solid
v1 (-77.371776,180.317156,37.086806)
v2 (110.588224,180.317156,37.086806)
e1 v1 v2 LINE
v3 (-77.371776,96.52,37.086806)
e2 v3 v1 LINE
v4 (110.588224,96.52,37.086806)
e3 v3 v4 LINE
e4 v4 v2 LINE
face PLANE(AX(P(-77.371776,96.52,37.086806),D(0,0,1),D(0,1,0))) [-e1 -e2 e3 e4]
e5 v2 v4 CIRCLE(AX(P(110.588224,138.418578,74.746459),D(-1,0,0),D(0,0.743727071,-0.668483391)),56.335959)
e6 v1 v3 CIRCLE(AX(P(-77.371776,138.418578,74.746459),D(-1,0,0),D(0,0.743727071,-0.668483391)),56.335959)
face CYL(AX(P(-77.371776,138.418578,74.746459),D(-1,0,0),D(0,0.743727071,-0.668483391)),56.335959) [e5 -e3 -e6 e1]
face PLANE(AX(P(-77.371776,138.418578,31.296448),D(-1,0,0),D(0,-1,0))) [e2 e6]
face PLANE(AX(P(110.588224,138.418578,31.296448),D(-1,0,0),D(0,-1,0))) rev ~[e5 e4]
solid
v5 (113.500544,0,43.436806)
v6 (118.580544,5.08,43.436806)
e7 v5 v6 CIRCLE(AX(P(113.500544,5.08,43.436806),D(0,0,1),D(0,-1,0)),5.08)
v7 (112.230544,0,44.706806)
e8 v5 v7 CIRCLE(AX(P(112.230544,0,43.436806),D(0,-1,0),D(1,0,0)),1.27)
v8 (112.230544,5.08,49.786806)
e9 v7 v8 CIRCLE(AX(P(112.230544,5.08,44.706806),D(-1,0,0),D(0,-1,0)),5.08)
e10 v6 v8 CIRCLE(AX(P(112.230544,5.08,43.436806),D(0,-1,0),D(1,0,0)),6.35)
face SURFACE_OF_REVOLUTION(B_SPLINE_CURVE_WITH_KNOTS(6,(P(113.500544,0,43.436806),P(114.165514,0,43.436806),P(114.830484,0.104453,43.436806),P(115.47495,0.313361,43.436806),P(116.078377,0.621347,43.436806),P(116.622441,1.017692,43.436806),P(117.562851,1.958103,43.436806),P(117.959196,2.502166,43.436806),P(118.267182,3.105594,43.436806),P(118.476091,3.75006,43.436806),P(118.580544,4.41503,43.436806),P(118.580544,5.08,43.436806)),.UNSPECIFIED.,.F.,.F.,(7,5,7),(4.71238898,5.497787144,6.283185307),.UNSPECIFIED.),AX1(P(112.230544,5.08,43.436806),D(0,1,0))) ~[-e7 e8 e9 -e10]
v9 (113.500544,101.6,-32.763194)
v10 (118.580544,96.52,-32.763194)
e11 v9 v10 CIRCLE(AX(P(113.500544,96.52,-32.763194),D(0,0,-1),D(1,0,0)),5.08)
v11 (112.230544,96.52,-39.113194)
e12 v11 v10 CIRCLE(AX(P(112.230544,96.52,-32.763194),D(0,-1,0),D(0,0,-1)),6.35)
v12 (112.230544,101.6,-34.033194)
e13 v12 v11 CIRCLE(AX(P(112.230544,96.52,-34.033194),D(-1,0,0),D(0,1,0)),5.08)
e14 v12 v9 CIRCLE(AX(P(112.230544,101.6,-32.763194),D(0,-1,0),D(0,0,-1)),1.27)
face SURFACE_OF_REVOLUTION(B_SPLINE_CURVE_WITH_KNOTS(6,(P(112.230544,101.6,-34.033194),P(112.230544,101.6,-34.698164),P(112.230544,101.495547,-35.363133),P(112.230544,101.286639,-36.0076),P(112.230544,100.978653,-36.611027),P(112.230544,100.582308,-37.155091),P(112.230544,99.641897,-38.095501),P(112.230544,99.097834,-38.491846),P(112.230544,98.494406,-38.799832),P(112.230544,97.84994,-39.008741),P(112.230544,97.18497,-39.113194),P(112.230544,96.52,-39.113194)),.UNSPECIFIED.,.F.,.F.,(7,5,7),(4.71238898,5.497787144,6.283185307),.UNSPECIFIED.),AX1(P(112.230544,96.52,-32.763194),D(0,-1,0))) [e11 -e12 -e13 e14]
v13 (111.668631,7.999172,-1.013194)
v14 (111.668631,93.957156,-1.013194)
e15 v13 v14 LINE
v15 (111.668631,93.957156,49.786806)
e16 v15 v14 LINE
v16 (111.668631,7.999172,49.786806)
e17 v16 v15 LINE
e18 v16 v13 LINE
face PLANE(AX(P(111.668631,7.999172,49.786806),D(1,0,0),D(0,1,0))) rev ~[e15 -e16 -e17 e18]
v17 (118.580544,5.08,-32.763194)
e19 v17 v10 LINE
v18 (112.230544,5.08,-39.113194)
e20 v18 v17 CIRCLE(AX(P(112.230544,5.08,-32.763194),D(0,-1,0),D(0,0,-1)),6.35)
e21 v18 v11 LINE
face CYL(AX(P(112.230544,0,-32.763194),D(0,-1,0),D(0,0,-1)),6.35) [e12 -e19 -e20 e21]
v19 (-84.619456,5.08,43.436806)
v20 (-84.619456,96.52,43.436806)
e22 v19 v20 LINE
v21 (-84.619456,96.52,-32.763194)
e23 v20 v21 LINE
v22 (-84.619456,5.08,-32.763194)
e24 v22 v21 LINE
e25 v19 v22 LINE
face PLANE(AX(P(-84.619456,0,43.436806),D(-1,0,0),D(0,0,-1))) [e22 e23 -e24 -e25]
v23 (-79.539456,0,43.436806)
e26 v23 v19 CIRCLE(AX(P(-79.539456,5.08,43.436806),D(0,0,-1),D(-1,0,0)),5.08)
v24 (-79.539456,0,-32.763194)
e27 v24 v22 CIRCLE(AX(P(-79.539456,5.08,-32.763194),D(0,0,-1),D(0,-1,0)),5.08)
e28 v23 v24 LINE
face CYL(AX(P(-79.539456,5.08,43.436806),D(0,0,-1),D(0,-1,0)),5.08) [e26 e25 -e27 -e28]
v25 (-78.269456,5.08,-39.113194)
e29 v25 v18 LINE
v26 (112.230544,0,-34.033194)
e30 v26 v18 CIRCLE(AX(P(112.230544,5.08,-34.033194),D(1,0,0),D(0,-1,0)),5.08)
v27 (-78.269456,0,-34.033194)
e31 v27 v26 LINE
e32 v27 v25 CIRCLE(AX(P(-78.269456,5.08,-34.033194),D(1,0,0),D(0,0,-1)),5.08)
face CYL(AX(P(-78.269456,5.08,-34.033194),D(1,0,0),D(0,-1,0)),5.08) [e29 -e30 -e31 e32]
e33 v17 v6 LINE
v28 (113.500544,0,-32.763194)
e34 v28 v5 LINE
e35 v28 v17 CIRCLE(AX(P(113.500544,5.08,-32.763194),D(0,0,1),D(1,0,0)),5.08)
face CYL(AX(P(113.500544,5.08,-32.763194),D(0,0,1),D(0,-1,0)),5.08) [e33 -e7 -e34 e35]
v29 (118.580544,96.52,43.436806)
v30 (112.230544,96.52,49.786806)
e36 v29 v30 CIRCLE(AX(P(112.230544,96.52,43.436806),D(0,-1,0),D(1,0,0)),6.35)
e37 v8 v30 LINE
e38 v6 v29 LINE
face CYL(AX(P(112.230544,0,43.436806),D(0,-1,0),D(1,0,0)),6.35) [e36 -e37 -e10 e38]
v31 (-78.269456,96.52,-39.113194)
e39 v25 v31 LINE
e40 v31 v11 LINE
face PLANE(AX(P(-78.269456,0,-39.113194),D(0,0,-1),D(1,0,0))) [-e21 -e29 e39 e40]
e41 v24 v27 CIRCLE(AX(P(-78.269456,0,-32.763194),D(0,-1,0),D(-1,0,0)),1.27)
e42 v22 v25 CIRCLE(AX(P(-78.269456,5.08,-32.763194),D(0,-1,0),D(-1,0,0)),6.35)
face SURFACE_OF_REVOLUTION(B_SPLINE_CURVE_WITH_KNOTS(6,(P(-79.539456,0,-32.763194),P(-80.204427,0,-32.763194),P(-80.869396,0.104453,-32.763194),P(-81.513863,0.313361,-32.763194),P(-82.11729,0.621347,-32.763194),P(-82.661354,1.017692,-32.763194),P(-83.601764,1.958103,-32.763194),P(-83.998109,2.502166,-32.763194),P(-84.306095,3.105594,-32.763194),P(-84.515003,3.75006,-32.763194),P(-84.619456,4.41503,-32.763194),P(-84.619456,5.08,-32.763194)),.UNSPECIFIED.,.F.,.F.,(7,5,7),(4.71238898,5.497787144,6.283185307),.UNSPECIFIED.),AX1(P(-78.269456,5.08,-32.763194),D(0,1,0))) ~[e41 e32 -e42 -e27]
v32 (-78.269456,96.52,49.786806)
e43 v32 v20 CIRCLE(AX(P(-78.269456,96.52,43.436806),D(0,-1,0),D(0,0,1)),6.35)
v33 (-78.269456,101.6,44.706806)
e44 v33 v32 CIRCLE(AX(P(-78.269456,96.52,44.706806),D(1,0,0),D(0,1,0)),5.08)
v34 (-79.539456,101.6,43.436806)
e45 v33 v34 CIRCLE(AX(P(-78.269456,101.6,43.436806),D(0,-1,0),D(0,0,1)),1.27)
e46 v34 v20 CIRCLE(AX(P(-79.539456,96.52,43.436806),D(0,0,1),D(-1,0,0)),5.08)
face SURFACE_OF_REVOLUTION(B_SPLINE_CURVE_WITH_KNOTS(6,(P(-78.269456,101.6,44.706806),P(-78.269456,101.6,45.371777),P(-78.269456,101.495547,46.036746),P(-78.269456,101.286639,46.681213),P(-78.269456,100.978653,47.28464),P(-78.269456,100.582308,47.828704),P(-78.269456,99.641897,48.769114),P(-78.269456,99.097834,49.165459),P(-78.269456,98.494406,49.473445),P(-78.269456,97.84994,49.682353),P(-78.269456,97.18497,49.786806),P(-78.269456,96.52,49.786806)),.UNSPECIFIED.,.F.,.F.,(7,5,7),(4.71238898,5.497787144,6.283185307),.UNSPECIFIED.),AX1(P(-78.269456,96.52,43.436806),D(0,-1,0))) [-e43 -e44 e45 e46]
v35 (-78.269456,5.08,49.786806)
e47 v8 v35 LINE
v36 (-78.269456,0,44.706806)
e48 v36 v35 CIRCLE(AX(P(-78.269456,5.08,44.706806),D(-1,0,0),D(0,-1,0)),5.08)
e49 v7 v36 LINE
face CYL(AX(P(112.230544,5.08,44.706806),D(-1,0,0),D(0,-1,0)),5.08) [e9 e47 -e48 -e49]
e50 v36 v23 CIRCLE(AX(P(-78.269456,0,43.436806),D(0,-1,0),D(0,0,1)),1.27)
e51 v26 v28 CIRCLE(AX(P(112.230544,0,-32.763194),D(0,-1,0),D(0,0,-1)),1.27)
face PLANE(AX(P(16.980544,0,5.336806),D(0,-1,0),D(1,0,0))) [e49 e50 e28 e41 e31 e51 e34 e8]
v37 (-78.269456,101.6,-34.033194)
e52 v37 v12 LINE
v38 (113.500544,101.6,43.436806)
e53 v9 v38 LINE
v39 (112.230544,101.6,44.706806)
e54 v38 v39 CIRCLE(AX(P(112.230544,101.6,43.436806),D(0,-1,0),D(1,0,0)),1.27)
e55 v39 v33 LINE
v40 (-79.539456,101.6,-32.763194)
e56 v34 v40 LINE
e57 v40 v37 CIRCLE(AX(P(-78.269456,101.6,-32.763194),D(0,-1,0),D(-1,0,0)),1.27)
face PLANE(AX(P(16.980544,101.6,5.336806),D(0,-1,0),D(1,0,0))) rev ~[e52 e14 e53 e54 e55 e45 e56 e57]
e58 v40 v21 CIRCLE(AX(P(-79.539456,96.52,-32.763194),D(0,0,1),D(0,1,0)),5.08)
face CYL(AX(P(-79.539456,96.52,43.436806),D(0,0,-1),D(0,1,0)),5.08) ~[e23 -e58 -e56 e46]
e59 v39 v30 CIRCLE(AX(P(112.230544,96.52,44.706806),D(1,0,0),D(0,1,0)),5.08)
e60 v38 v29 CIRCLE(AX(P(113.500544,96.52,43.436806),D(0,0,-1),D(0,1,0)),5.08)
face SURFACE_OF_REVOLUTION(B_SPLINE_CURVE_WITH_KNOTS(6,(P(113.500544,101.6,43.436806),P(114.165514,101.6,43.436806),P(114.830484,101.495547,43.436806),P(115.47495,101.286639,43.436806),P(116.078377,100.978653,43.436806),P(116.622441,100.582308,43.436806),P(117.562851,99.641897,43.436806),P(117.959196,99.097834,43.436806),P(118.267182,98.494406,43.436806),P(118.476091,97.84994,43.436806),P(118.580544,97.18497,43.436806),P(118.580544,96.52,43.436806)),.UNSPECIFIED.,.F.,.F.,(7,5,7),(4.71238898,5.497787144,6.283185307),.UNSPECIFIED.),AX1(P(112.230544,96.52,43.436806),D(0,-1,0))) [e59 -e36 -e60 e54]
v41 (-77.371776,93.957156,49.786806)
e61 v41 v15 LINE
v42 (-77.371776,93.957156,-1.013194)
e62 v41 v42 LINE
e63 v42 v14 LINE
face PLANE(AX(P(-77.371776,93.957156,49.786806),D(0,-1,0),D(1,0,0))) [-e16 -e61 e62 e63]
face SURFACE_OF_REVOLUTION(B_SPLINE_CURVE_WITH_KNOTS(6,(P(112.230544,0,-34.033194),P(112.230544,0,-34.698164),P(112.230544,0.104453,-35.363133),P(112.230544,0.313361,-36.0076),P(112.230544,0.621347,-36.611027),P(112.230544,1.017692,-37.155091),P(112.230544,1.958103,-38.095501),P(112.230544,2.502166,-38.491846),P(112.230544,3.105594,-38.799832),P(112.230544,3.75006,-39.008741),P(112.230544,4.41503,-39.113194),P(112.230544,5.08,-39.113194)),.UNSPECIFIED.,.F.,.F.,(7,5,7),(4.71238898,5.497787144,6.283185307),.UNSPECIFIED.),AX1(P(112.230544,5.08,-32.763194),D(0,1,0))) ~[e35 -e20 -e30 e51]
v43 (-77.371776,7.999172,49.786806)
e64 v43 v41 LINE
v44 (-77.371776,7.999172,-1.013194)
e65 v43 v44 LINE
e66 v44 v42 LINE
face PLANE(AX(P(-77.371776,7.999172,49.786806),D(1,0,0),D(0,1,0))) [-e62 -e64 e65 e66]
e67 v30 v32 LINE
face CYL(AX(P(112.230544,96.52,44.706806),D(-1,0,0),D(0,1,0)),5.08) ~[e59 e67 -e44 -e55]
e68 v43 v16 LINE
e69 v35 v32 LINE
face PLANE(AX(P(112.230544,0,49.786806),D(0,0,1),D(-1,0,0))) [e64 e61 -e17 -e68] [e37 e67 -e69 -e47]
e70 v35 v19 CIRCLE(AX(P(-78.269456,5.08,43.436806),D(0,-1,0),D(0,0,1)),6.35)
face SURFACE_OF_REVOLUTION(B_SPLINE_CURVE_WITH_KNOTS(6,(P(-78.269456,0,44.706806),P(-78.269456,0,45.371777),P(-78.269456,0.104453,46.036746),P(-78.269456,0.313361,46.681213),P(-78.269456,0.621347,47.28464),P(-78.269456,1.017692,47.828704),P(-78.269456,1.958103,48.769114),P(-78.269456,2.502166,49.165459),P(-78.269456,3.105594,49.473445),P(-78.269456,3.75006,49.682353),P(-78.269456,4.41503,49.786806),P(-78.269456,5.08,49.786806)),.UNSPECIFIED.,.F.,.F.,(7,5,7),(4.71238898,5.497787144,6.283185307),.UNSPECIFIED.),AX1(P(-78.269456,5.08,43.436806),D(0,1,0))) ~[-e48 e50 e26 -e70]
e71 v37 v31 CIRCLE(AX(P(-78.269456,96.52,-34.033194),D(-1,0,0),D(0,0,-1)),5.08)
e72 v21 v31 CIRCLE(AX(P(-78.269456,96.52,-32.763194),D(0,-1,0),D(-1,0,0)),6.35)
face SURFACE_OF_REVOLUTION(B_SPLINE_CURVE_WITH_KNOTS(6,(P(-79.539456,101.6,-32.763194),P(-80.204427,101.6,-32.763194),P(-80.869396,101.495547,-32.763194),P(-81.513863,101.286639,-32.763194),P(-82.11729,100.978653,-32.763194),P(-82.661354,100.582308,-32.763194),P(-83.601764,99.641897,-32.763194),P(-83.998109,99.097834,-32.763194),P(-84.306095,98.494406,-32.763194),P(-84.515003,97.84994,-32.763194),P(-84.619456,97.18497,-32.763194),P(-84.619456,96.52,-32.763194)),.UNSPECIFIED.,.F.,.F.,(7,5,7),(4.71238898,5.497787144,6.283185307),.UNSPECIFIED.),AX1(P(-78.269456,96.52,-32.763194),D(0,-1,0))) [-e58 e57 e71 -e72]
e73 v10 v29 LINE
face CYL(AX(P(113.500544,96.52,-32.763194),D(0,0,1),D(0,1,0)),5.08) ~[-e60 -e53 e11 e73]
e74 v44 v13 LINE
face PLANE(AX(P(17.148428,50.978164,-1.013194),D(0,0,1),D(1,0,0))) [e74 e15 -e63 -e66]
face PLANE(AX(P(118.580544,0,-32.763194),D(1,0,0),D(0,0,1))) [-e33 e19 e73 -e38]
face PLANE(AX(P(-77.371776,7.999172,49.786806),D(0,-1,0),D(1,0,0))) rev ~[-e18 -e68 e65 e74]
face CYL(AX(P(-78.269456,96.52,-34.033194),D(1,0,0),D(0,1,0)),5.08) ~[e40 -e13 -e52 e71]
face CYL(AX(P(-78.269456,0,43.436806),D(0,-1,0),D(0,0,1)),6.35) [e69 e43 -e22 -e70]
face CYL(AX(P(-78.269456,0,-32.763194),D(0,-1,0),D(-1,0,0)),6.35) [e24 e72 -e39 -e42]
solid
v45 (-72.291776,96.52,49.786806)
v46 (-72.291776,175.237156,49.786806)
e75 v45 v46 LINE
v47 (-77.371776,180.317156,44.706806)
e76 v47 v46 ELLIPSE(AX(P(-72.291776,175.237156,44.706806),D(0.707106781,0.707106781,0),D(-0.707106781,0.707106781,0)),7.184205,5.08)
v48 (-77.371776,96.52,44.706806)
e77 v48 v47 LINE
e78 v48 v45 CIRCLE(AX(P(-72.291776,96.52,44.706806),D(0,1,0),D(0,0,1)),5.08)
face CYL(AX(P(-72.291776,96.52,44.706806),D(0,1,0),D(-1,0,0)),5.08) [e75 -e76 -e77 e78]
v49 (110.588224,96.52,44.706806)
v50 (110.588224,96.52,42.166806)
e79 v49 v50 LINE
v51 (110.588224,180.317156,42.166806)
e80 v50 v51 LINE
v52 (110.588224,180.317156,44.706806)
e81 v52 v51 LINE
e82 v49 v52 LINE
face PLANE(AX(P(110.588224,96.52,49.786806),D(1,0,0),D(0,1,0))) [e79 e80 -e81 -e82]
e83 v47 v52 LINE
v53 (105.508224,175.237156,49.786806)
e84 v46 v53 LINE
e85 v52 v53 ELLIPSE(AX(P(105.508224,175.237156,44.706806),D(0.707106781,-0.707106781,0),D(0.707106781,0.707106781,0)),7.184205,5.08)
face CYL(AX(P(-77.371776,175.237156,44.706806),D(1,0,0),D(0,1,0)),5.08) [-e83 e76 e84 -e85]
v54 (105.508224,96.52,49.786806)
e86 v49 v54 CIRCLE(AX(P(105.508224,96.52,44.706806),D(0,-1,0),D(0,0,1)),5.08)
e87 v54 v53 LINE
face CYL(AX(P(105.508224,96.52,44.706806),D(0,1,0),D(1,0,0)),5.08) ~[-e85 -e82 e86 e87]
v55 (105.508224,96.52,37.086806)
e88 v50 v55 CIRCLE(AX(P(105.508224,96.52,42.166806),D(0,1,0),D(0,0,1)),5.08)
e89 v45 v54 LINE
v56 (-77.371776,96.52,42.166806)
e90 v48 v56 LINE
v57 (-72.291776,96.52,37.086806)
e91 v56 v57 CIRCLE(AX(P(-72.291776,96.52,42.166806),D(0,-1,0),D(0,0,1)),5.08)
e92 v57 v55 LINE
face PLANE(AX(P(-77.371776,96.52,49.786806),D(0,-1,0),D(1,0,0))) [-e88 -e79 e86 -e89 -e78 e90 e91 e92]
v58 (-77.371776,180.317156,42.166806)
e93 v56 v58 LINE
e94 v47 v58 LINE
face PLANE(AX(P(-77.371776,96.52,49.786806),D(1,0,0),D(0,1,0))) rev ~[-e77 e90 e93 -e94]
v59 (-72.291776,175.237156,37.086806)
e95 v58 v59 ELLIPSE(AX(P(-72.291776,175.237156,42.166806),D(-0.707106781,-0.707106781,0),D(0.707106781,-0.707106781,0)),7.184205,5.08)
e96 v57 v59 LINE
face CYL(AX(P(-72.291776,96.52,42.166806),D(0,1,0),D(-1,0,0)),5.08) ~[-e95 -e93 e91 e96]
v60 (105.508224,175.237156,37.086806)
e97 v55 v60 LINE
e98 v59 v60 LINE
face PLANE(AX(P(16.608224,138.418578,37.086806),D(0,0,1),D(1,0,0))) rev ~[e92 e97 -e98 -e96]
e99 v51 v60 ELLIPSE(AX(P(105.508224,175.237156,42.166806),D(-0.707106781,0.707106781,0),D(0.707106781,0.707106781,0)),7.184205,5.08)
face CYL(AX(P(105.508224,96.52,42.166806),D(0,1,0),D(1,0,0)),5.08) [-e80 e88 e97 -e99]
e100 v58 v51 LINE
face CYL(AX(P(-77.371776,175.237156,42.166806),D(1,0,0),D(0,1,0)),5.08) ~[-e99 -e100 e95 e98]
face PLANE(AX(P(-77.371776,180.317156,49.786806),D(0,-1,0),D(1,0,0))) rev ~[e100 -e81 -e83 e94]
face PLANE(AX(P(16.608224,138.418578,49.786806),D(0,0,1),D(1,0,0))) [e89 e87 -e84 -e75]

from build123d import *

# Parameters (mm, degrees)
F1_DEPTH = 101.6
F2_W     = 189.0404075384
F2_H     = 85.95798444
F3_DEPTH = 50.8
F4_R     = 5.08
F5_W     = 187.96
F5_H     = 83.7971559429
F6_DEPTH = 12.7
F8_DEPTH = 187.96
F9_R     = 5.08


with BuildPart() as f1:
    # F0 (on Front) → F1 (new body)
    with BuildSketch(Plane.XZ):
        with BuildLine():
            ThreePointArc((-84.6194562674, -32.7631937014), (-82.7595843279, -37.2533217619), (-78.2694562674, -39.1131937014))
            Line((-78.2694562674, -39.1131937014), (112.2305437326, -39.1131937014))
            ThreePointArc((112.2305437326, -39.1131937014), (116.7206717932, -37.2533217619), (118.5805437326, -32.7631937014))
            Line((118.5805437326, -32.7631937014), (118.5805437326, 43.4368062986))
            ThreePointArc((118.5805437326, 43.4368062986), (116.7206717932, 47.9269343592), (112.2305437326, 49.7868062986))
            Line((112.2305437326, 49.7868062986), (-78.2694562674, 49.7868062986))
            ThreePointArc((-78.2694562674, 49.7868062986), (-82.7595843279, 47.9269343592), (-84.6194562674, 43.4368062986))
            Line((-84.6194562674, 43.4368062986), (-84.6194562674, -32.7631937014))
        make_face()
    extrude(amount=-F1_DEPTH)

    # F2 (on face) → F3 (cut)
    with BuildSketch(Plane.XY.offset(49.7868062986)):
        with Locations((17.1484276652, 50.9781637229)):
            Rectangle(F2_W, F2_H)
    extrude(amount=-F3_DEPTH, mode=Mode.SUBTRACT)

    # F4
    f4_edges = [f1.edges().sort_by_distance(p)[0] for p in [
        (16.980544, 101.6, 49.786806),
        (16.980544, 0, 49.786806),
    ]]
    fillet(f4_edges, radius=F4_R)


with BuildPart() as f6:
    # F5 (on face) → F6 (new body)
    with BuildSketch(Plane.XY.offset(49.7868062986)):
        with Locations((16.608223896, 138.4185779715)):
            Rectangle(F5_W, F5_H)
    extrude(amount=-F6_DEPTH)

    # F9
    f9_edges = [f6.edges().sort_by_distance(p)[0] for p in [
        (-77.371776, 138.418578, 49.786806),
        (16.608224, 180.317156, 49.786806),
        (110.588224, 138.418578, 49.786806),
        (16.608224, 180.317156, 37.086806),
        (110.588224, 138.418578, 37.086806),
        (-77.371776, 138.418578, 37.086806),
    ]]
    fillet(f9_edges, radius=F9_R)


with BuildPart() as f8:
    # F7 (on face) → F8 (new body)
    with BuildSketch(Plane(origin=(-77.371776104, 0, 0), x_dir=(0, -1, 0), z_dir=(-1, 0, 0))):
        with BuildLine():
            Line((-96.52, 37.0868062986), (-180.3171559429, 37.0868062986))
            ThreePointArc((-180.3171559429, 37.0868062986), (-138.4185779715, 18.4105001305), (-96.52, 37.0868062986))
        make_face()
    extrude(amount=-F8_DEPTH)


solid = Compound([f1.part, f6.part, f8.part])
